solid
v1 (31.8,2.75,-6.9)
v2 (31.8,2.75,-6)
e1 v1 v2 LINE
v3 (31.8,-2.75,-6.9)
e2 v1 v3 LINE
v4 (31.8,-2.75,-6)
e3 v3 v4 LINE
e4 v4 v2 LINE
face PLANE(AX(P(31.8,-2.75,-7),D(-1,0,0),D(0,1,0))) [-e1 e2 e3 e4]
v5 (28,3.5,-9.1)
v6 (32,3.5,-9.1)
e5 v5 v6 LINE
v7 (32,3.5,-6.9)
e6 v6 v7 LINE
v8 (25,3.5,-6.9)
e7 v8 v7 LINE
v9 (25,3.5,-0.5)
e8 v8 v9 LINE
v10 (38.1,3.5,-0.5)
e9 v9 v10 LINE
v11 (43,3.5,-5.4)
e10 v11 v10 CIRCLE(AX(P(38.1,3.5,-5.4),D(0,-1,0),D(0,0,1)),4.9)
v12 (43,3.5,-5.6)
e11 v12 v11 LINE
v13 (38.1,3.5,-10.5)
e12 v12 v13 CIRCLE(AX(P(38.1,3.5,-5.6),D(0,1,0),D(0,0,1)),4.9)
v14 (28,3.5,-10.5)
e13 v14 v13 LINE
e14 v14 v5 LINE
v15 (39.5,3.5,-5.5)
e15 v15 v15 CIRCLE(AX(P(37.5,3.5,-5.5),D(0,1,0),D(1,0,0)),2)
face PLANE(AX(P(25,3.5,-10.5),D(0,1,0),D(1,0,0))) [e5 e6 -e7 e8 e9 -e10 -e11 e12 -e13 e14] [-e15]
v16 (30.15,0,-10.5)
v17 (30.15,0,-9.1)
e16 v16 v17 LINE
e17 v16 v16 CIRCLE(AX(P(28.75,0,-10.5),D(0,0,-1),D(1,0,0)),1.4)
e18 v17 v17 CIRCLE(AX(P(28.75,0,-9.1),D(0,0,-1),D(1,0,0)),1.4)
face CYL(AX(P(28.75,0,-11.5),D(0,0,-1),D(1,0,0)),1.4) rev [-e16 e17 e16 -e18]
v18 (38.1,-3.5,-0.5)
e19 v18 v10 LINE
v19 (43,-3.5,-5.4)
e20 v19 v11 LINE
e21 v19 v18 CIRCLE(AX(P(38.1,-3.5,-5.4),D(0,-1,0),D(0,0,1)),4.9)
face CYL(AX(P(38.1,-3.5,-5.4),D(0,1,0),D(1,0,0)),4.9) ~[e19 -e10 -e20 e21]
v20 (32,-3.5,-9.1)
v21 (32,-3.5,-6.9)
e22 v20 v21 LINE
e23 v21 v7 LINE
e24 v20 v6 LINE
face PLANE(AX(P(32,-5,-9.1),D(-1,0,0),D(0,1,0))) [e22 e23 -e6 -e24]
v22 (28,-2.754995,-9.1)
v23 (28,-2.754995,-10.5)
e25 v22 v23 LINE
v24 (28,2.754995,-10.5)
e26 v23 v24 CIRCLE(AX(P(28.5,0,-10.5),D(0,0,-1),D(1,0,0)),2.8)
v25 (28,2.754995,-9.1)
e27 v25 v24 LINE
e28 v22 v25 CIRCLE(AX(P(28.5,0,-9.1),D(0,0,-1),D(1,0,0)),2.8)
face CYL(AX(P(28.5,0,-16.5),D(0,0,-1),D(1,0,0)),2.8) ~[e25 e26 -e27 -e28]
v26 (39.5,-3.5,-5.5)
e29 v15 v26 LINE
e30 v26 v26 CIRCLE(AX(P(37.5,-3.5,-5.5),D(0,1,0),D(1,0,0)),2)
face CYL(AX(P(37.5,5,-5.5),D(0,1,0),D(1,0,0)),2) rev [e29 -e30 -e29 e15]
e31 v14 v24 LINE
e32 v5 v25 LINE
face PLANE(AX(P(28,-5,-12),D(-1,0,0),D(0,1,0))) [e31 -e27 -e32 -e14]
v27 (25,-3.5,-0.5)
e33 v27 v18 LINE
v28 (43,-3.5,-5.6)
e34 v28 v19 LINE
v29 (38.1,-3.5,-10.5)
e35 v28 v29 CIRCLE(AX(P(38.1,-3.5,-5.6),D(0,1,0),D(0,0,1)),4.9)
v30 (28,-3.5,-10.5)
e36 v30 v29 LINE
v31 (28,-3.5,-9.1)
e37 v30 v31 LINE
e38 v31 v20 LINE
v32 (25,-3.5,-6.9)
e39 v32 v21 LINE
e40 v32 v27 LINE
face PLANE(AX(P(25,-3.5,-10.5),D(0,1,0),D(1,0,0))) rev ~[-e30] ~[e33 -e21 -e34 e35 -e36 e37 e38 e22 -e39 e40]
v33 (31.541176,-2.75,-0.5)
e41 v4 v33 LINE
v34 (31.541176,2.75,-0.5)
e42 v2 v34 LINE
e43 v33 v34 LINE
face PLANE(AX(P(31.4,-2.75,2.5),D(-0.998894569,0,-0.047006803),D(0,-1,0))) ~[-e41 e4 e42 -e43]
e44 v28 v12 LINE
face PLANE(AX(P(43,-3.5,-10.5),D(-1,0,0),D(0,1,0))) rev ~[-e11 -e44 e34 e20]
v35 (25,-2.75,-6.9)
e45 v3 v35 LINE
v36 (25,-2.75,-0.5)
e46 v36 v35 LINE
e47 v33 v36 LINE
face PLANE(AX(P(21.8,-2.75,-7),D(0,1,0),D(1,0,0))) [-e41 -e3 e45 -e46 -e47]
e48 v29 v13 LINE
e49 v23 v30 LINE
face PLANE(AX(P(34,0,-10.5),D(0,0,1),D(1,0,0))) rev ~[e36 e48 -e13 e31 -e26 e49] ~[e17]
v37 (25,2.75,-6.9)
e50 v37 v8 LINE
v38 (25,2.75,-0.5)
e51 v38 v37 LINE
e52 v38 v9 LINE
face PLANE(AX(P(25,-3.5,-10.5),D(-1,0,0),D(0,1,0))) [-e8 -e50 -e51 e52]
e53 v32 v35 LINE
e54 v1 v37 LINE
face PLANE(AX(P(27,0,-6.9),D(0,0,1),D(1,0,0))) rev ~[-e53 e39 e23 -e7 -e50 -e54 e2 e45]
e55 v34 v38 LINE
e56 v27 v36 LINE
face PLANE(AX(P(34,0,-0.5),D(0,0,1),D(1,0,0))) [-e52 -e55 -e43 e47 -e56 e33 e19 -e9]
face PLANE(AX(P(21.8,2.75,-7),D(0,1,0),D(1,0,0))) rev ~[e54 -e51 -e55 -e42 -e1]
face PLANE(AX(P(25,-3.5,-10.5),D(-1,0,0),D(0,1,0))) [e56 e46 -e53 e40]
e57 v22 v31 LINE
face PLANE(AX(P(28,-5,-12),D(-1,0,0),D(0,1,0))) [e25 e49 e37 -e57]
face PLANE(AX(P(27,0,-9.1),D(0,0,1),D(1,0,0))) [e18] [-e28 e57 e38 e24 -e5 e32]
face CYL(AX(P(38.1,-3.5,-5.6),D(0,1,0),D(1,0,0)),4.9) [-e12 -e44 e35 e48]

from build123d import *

# Parameters (mm, degrees)
CYLINDER241_R      = 2.8
CYLINDER241_DEPTH  = 10
BOX164_W           = 7
BOX164_H           = 10
BOX164_DEPTH       = 3
BOX161_W           = 10
BOX161_H           = 10
BOX161_DEPTH       = 2.2
BOX160_W           = 10
BOX160_H           = 5.5
BOX160_DEPTH       = 18
CHAMFER023_1_SIZE2 = 4
CHAMFER023_1_SIZE  = 17
CHAMFER023_2_SIZE2 = 0.8
CHAMFER023_2_SIZE  = 17
CYLINDER238_R      = 1.4
CYLINDER238_DEPTH  = 19
CYLINDER239_R      = 2
CYLINDER239_DEPTH  = 10
BOX159_W           = 18
BOX159_H           = 7
BOX159_DEPTH       = 10
FILLET097_R        = 4.9


with BuildPart() as zylinder243:
    # Cylinder241 → Cylinder241 (new body)
    with BuildSketch(Plane(origin=(28.5, 0, -16.5), x_dir=(1, 0, 0), z_dir=(0, 0, 1))):
        Circle(CYLINDER241_R)
    extrude(amount=CYLINDER241_DEPTH)


with BuildPart() as cut111:
    # Box164 → Box164 (new body)
    with BuildSketch(Plane(origin=(21, -5, -12), x_dir=(1, 0, 0), z_dir=(0, 0, 1))):
        with Locations((3.5, 5)):
            Rectangle(BOX164_W, BOX164_H)
    extrude(amount=BOX164_DEPTH)

    # Cut111: cut Zylinder243
    add(zylinder243.part, mode=Mode.SUBTRACT)


with BuildPart() as w_rfel150:
    # Box161 → Box161 (new body)
    with BuildSketch(Plane(origin=(22, -5, -9.1), x_dir=(1, 0, 0), z_dir=(0, 0, 1))):
        with Locations((5, 5)):
            Rectangle(BOX161_W, BOX161_H)
    extrude(amount=BOX161_DEPTH)


with BuildPart() as chamfer023:
    # Box160 → Box160 (new body)
    with BuildSketch(Plane(origin=(21.8, -2.75, -7), x_dir=(1, 0, 0), z_dir=(0, 0, 1))):
        with Locations((5, 2.75)):
            Rectangle(BOX160_W, BOX160_H)
    extrude(amount=BOX160_DEPTH)

    # Chamfer023 1
    chamfer023_1_edges = [chamfer023.edges().sort_by_distance(p)[0] for p in [
        (21.8, 0, 11),
    ]]
    chamfer023_1_side = chamfer023.faces().sort_by_distance((21.8, 0, 2))[0]
    chamfer(chamfer023_1_edges, length=CHAMFER023_1_SIZE, length2=CHAMFER023_1_SIZE2, reference=chamfer023_1_side)

    # Chamfer023 2
    chamfer023_2_edges = [chamfer023.edges().sort_by_distance(p)[0] for p in [
        (31.8, 0, 11),
    ]]
    chamfer023_2_side = chamfer023.faces().sort_by_distance((31.8, 0, 2))[0]
    chamfer(chamfer023_2_edges, length=CHAMFER023_2_SIZE, length2=CHAMFER023_2_SIZE2, reference=chamfer023_2_side)


with BuildPart() as fusion158:
    # Cylinder238 → Cylinder238 (new body)
    with BuildSketch(Plane(origin=(28.75, 0, -11.5), x_dir=(1, 0, 0), z_dir=(0, 0, 1))):
        Circle(CYLINDER238_R)
    extrude(amount=CYLINDER238_DEPTH)

    # Fusion158: union Würfel150, Chamfer023
    add(w_rfel150.part)
    add(chamfer023.part)


with BuildPart() as fusion159:
    # Cylinder239 → Cylinder239 (new body)
    with BuildSketch(Plane(origin=(37.5, 5, -5.5), x_dir=(1, 0, 0), z_dir=(0, -1, 0))):
        Circle(CYLINDER239_R)
    extrude(amount=CYLINDER239_DEPTH)

    # Fusion159: union Fusion158
    add(fusion158.part)


with BuildPart() as cut112:
    # Box159 → Box159 (new body)
    with BuildSketch(Plane(origin=(25, -3.5, -10.5), x_dir=(1, 0, 0), z_dir=(0, 0, 1))):
        with Locations((9, 3.5)):
            Rectangle(BOX159_W, BOX159_H)
    extrude(amount=BOX159_DEPTH)

    # Fillet097
    fillet097_edges = [cut112.edges().sort_by_distance(p)[0] for p in [
        (43, 0, -0.5),
        (43, 0, -10.5),
    ]]
    fillet(fillet097_edges, radius=FILLET097_R)

    # Cut109: cut Fusion159
    add(fusion159.part, mode=Mode.SUBTRACT)

    # Cut112: cut Cut111
    add(cut111.part, mode=Mode.SUBTRACT)


solid = cut112.part
